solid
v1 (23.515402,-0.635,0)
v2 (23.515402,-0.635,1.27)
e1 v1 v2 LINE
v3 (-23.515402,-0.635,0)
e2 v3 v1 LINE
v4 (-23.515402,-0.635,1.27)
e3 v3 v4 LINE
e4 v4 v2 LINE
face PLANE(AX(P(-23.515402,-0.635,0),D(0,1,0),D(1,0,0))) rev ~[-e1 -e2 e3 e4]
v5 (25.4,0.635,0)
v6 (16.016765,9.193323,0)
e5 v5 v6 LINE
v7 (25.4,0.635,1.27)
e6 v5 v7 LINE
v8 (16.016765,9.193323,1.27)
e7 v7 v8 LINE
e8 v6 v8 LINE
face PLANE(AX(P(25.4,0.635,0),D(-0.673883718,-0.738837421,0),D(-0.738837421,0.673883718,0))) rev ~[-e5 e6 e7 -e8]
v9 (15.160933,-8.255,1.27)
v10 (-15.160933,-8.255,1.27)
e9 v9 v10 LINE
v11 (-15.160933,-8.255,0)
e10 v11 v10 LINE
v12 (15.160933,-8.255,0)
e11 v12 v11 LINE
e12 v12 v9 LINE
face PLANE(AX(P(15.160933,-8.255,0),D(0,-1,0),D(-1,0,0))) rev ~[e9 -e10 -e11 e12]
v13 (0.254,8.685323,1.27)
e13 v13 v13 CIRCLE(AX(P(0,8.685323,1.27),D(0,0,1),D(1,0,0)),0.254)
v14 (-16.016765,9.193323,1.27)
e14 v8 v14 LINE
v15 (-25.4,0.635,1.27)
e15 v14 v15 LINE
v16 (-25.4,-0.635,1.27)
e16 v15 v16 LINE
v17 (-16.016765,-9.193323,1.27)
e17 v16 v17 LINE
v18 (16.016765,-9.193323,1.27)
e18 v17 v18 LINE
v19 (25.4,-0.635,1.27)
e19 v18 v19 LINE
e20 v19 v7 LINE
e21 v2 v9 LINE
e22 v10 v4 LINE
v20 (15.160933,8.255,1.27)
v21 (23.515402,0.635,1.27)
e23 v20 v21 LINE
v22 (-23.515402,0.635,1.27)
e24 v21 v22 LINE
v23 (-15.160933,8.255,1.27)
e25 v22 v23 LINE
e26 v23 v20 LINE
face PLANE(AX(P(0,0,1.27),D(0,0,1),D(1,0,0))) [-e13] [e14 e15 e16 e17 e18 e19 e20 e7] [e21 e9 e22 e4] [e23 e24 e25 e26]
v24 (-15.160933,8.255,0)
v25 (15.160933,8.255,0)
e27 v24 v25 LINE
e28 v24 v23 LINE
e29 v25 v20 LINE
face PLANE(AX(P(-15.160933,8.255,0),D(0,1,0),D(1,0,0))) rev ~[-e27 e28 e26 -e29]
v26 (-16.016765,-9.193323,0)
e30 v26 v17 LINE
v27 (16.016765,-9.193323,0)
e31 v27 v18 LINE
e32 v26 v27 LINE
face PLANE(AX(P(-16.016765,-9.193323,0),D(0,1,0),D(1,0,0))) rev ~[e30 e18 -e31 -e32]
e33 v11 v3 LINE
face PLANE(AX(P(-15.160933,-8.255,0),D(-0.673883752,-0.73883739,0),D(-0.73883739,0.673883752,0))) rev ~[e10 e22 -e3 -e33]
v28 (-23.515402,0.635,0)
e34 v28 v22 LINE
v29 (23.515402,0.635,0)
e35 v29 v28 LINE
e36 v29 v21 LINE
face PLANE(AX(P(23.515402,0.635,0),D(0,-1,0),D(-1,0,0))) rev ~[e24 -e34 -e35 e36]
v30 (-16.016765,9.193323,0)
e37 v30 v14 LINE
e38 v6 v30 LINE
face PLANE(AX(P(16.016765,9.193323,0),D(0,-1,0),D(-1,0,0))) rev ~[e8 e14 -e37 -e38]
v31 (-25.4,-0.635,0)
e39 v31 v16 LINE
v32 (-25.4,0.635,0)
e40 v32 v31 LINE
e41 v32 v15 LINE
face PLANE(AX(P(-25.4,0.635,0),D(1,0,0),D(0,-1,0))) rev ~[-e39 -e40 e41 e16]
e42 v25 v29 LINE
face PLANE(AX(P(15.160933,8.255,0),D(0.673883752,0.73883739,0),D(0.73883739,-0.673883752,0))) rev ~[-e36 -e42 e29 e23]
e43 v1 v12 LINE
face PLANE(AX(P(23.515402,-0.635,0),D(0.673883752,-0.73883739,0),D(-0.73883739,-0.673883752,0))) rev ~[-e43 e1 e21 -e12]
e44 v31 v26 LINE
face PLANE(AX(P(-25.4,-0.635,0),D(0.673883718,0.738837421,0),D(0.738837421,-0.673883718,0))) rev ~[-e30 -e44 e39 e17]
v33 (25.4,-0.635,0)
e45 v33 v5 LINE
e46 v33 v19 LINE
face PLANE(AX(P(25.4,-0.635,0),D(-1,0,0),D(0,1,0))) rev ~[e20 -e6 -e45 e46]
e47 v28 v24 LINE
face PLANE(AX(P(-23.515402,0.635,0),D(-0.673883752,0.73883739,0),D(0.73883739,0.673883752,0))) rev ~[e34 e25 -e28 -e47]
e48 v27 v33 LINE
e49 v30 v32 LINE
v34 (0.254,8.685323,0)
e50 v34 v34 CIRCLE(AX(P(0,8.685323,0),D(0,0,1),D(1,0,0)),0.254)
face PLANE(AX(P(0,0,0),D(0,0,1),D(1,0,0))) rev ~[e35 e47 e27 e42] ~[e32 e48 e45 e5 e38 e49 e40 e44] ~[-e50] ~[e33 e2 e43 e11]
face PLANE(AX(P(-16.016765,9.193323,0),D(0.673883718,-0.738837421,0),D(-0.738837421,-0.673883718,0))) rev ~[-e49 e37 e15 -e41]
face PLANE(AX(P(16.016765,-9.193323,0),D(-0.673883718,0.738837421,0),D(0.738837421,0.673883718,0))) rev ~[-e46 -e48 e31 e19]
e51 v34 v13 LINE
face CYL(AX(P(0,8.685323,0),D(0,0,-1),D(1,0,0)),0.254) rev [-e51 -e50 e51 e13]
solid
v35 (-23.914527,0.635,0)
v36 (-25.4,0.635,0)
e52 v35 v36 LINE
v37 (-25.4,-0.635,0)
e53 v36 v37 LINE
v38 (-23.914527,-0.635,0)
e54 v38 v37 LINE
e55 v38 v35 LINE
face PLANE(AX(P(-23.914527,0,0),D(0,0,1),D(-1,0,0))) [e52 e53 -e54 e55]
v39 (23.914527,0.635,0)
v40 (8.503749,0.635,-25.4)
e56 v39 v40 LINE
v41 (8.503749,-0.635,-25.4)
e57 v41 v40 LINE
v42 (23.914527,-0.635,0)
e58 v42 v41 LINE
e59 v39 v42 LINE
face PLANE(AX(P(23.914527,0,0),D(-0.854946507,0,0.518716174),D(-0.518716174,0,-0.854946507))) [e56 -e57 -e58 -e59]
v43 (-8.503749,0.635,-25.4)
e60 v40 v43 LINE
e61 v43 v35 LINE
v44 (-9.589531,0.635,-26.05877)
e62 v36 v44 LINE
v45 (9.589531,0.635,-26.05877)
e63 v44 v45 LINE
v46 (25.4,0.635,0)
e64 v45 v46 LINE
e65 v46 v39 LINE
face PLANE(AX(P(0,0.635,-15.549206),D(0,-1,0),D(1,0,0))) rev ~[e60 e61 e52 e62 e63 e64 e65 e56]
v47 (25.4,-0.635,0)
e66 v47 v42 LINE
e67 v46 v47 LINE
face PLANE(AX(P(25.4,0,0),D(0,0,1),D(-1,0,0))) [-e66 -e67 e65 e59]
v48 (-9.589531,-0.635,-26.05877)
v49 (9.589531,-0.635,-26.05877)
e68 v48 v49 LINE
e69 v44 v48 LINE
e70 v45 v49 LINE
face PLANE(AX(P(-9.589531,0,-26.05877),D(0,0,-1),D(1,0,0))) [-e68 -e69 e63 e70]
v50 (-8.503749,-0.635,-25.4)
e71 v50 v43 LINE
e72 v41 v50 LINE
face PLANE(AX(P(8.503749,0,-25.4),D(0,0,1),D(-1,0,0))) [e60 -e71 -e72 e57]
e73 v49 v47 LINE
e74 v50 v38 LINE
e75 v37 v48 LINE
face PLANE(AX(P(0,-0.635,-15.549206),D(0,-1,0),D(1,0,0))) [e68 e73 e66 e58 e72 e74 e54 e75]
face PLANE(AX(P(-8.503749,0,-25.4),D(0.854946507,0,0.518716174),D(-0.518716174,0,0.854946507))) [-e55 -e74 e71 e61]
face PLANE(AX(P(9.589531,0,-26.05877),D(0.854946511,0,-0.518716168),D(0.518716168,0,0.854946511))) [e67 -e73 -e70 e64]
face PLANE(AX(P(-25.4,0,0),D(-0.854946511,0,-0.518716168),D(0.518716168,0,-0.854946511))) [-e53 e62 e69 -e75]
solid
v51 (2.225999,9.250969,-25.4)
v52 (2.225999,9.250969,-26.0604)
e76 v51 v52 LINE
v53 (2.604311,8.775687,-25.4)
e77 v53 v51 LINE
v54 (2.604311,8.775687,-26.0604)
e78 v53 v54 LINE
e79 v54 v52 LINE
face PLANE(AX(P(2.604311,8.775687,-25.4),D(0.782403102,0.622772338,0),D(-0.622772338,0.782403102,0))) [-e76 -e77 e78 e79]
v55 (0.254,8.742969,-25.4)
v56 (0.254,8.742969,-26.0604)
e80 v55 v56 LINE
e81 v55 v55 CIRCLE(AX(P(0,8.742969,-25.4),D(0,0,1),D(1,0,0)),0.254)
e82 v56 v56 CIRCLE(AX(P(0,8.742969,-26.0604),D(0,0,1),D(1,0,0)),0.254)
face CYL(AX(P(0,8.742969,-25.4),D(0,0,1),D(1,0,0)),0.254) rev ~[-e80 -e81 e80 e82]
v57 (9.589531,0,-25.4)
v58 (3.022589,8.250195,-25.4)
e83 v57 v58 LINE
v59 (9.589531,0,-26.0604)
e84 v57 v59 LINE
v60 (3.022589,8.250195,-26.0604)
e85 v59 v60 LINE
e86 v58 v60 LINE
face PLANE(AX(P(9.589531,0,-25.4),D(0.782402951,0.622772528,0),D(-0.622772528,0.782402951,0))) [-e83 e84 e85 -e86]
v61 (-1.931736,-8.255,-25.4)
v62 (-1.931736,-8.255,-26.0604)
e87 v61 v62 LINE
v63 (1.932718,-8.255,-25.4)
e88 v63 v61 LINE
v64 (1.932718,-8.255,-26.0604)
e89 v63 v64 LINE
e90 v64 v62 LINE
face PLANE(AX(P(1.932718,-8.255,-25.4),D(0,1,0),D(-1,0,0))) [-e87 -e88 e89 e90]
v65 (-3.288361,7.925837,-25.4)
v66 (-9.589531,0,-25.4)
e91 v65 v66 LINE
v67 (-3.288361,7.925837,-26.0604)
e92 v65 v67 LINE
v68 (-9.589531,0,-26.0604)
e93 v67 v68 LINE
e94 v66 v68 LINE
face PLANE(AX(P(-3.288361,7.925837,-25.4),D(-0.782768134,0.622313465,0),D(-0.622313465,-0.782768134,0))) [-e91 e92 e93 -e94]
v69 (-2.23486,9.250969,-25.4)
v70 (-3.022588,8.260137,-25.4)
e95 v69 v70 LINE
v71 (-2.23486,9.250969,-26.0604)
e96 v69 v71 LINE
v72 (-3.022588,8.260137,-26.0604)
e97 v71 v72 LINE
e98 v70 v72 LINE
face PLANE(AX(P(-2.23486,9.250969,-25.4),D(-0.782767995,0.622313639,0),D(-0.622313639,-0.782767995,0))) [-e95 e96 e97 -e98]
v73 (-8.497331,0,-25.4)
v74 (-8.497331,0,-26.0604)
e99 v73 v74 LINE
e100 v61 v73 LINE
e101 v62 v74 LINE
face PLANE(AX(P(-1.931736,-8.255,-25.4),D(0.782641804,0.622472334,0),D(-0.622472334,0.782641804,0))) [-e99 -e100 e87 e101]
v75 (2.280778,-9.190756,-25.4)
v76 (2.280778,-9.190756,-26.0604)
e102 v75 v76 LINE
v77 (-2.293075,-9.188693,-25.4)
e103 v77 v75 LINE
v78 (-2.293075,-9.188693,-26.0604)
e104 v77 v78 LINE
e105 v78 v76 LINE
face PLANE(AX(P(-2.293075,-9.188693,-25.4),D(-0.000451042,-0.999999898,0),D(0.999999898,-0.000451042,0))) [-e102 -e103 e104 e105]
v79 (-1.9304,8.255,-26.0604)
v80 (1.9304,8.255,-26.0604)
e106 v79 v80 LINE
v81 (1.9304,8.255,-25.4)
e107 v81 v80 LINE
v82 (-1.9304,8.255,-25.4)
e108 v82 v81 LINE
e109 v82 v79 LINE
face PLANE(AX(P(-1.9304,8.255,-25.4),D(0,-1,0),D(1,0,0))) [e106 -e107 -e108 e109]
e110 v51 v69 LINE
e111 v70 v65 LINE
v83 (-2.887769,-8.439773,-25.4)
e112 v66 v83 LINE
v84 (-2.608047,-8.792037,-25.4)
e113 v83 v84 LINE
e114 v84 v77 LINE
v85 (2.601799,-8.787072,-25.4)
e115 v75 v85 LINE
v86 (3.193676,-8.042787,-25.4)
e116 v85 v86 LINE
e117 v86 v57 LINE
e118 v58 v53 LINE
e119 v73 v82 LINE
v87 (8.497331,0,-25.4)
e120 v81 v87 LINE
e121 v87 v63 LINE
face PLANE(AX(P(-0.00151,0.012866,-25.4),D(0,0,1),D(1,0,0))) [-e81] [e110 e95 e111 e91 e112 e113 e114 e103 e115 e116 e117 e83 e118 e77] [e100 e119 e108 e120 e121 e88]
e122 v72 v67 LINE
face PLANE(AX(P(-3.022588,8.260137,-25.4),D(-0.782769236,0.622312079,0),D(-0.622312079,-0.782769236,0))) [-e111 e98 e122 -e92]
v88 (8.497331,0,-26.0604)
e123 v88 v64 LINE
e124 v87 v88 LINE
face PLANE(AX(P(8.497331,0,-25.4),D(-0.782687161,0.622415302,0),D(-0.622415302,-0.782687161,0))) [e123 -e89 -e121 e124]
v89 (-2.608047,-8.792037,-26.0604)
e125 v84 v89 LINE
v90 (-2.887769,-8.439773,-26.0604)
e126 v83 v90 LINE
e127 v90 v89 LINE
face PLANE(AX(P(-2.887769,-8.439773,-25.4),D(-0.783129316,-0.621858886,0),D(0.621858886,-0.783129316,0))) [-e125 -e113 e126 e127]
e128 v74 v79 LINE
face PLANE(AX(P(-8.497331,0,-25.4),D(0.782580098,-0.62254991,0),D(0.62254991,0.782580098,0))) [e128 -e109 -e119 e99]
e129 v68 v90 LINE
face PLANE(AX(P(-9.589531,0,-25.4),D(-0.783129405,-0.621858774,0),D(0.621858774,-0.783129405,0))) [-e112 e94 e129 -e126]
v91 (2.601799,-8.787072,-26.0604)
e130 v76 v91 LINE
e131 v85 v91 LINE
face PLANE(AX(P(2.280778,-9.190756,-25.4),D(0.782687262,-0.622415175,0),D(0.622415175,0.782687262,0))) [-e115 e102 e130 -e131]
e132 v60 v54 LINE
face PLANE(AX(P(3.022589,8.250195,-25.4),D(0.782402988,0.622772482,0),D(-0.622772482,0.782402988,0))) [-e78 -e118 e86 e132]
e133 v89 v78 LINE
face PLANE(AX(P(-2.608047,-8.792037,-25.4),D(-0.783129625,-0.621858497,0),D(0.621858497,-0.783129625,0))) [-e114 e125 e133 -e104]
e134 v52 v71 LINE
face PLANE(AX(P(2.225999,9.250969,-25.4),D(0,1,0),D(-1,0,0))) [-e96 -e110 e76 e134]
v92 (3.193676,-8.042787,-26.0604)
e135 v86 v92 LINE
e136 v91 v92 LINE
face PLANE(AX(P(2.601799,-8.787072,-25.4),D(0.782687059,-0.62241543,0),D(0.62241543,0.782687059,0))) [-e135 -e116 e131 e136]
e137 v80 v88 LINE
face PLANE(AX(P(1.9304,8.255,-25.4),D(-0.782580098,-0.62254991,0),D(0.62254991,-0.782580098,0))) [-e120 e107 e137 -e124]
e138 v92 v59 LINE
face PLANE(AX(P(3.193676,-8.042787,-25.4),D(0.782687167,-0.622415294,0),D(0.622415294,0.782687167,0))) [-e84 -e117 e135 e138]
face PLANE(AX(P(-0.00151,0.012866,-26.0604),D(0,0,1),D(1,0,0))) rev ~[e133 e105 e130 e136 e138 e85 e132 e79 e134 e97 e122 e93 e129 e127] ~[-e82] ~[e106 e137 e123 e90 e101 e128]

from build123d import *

# Parameters (mm, degrees)
F0_R     = 0.254
F1_DEPTH = 1.27
F3_DEPTH = 0.635
F5_R     = 0.254
F6_DEPTH = 0.6604


with BuildPart() as f1:
    # F0 (on Top) → F1 (new body)
    with BuildSketch(Plane.XY):
        Polygon((16.016765, -9.193323), (25.4, -0.635), (25.4, 0.635), (16.016765, 9.193323), (-16.016765, 9.193323), (-25.4, 0.635), (-25.4, -0.635), (-16.016765, -9.193323), align=None)
        Polygon((-23.515402, -0.635), (23.515402, -0.635), (15.160933, -8.255), (-15.160933, -8.255), align=None, mode=Mode.SUBTRACT)
        Polygon((15.160933, 8.255), (23.515402, 0.635), (-23.515402, 0.635), (-15.160933, 8.255), align=None, mode=Mode.SUBTRACT)
        with Locations((0, 8.685323)):
            Circle(F0_R, mode=Mode.SUBTRACT)
    extrude(amount=F1_DEPTH)


with BuildPart() as f3:
    # F2 (on Front) → F3 (new body, symmetric)
    with BuildSketch(Plane.XZ):
        Polygon((-23.914527, 0), (-25.4, 0), (-9.589531, -26.05877), (9.589531, -26.05877), (25.4, 0), (23.914527, 0), (8.503749, -25.4), (-8.503749, -25.4), align=None)
    extrude(amount=F3_DEPTH, both=True)


with BuildPart() as f6:
    # F5 (on offset) → F6 (new body)
    with BuildSketch(Plane.XY.offset(-25.4)):
        Polygon((3.193676, -8.042787), (9.589531, 0), (3.022589, 8.250195), (2.604311, 8.775687), (2.225999, 9.250969), (-0.687336, 9.250969), (-2.23486, 9.250969), (-3.022588, 8.260137), (-3.288361, 7.925837), (-9.589531, 0), (-2.887769, -8.439773), (-2.608047, -8.792037), (-2.293075, -9.188693), (2.280778, -9.190756), (2.601799, -8.787072), align=None)
        Polygon((1.9304, 8.255), (8.497331, 0), (1.932718, -8.255), (-1.931736, -8.255), (-8.497331, 0), (-1.9304, 8.255), align=None, mode=Mode.SUBTRACT)
        with Locations((0, 8.742969)):
            Circle(F5_R, mode=Mode.SUBTRACT)
    extrude(amount=-F6_DEPTH)


solid = Compound([f1.part, f3.part, f6.part])
